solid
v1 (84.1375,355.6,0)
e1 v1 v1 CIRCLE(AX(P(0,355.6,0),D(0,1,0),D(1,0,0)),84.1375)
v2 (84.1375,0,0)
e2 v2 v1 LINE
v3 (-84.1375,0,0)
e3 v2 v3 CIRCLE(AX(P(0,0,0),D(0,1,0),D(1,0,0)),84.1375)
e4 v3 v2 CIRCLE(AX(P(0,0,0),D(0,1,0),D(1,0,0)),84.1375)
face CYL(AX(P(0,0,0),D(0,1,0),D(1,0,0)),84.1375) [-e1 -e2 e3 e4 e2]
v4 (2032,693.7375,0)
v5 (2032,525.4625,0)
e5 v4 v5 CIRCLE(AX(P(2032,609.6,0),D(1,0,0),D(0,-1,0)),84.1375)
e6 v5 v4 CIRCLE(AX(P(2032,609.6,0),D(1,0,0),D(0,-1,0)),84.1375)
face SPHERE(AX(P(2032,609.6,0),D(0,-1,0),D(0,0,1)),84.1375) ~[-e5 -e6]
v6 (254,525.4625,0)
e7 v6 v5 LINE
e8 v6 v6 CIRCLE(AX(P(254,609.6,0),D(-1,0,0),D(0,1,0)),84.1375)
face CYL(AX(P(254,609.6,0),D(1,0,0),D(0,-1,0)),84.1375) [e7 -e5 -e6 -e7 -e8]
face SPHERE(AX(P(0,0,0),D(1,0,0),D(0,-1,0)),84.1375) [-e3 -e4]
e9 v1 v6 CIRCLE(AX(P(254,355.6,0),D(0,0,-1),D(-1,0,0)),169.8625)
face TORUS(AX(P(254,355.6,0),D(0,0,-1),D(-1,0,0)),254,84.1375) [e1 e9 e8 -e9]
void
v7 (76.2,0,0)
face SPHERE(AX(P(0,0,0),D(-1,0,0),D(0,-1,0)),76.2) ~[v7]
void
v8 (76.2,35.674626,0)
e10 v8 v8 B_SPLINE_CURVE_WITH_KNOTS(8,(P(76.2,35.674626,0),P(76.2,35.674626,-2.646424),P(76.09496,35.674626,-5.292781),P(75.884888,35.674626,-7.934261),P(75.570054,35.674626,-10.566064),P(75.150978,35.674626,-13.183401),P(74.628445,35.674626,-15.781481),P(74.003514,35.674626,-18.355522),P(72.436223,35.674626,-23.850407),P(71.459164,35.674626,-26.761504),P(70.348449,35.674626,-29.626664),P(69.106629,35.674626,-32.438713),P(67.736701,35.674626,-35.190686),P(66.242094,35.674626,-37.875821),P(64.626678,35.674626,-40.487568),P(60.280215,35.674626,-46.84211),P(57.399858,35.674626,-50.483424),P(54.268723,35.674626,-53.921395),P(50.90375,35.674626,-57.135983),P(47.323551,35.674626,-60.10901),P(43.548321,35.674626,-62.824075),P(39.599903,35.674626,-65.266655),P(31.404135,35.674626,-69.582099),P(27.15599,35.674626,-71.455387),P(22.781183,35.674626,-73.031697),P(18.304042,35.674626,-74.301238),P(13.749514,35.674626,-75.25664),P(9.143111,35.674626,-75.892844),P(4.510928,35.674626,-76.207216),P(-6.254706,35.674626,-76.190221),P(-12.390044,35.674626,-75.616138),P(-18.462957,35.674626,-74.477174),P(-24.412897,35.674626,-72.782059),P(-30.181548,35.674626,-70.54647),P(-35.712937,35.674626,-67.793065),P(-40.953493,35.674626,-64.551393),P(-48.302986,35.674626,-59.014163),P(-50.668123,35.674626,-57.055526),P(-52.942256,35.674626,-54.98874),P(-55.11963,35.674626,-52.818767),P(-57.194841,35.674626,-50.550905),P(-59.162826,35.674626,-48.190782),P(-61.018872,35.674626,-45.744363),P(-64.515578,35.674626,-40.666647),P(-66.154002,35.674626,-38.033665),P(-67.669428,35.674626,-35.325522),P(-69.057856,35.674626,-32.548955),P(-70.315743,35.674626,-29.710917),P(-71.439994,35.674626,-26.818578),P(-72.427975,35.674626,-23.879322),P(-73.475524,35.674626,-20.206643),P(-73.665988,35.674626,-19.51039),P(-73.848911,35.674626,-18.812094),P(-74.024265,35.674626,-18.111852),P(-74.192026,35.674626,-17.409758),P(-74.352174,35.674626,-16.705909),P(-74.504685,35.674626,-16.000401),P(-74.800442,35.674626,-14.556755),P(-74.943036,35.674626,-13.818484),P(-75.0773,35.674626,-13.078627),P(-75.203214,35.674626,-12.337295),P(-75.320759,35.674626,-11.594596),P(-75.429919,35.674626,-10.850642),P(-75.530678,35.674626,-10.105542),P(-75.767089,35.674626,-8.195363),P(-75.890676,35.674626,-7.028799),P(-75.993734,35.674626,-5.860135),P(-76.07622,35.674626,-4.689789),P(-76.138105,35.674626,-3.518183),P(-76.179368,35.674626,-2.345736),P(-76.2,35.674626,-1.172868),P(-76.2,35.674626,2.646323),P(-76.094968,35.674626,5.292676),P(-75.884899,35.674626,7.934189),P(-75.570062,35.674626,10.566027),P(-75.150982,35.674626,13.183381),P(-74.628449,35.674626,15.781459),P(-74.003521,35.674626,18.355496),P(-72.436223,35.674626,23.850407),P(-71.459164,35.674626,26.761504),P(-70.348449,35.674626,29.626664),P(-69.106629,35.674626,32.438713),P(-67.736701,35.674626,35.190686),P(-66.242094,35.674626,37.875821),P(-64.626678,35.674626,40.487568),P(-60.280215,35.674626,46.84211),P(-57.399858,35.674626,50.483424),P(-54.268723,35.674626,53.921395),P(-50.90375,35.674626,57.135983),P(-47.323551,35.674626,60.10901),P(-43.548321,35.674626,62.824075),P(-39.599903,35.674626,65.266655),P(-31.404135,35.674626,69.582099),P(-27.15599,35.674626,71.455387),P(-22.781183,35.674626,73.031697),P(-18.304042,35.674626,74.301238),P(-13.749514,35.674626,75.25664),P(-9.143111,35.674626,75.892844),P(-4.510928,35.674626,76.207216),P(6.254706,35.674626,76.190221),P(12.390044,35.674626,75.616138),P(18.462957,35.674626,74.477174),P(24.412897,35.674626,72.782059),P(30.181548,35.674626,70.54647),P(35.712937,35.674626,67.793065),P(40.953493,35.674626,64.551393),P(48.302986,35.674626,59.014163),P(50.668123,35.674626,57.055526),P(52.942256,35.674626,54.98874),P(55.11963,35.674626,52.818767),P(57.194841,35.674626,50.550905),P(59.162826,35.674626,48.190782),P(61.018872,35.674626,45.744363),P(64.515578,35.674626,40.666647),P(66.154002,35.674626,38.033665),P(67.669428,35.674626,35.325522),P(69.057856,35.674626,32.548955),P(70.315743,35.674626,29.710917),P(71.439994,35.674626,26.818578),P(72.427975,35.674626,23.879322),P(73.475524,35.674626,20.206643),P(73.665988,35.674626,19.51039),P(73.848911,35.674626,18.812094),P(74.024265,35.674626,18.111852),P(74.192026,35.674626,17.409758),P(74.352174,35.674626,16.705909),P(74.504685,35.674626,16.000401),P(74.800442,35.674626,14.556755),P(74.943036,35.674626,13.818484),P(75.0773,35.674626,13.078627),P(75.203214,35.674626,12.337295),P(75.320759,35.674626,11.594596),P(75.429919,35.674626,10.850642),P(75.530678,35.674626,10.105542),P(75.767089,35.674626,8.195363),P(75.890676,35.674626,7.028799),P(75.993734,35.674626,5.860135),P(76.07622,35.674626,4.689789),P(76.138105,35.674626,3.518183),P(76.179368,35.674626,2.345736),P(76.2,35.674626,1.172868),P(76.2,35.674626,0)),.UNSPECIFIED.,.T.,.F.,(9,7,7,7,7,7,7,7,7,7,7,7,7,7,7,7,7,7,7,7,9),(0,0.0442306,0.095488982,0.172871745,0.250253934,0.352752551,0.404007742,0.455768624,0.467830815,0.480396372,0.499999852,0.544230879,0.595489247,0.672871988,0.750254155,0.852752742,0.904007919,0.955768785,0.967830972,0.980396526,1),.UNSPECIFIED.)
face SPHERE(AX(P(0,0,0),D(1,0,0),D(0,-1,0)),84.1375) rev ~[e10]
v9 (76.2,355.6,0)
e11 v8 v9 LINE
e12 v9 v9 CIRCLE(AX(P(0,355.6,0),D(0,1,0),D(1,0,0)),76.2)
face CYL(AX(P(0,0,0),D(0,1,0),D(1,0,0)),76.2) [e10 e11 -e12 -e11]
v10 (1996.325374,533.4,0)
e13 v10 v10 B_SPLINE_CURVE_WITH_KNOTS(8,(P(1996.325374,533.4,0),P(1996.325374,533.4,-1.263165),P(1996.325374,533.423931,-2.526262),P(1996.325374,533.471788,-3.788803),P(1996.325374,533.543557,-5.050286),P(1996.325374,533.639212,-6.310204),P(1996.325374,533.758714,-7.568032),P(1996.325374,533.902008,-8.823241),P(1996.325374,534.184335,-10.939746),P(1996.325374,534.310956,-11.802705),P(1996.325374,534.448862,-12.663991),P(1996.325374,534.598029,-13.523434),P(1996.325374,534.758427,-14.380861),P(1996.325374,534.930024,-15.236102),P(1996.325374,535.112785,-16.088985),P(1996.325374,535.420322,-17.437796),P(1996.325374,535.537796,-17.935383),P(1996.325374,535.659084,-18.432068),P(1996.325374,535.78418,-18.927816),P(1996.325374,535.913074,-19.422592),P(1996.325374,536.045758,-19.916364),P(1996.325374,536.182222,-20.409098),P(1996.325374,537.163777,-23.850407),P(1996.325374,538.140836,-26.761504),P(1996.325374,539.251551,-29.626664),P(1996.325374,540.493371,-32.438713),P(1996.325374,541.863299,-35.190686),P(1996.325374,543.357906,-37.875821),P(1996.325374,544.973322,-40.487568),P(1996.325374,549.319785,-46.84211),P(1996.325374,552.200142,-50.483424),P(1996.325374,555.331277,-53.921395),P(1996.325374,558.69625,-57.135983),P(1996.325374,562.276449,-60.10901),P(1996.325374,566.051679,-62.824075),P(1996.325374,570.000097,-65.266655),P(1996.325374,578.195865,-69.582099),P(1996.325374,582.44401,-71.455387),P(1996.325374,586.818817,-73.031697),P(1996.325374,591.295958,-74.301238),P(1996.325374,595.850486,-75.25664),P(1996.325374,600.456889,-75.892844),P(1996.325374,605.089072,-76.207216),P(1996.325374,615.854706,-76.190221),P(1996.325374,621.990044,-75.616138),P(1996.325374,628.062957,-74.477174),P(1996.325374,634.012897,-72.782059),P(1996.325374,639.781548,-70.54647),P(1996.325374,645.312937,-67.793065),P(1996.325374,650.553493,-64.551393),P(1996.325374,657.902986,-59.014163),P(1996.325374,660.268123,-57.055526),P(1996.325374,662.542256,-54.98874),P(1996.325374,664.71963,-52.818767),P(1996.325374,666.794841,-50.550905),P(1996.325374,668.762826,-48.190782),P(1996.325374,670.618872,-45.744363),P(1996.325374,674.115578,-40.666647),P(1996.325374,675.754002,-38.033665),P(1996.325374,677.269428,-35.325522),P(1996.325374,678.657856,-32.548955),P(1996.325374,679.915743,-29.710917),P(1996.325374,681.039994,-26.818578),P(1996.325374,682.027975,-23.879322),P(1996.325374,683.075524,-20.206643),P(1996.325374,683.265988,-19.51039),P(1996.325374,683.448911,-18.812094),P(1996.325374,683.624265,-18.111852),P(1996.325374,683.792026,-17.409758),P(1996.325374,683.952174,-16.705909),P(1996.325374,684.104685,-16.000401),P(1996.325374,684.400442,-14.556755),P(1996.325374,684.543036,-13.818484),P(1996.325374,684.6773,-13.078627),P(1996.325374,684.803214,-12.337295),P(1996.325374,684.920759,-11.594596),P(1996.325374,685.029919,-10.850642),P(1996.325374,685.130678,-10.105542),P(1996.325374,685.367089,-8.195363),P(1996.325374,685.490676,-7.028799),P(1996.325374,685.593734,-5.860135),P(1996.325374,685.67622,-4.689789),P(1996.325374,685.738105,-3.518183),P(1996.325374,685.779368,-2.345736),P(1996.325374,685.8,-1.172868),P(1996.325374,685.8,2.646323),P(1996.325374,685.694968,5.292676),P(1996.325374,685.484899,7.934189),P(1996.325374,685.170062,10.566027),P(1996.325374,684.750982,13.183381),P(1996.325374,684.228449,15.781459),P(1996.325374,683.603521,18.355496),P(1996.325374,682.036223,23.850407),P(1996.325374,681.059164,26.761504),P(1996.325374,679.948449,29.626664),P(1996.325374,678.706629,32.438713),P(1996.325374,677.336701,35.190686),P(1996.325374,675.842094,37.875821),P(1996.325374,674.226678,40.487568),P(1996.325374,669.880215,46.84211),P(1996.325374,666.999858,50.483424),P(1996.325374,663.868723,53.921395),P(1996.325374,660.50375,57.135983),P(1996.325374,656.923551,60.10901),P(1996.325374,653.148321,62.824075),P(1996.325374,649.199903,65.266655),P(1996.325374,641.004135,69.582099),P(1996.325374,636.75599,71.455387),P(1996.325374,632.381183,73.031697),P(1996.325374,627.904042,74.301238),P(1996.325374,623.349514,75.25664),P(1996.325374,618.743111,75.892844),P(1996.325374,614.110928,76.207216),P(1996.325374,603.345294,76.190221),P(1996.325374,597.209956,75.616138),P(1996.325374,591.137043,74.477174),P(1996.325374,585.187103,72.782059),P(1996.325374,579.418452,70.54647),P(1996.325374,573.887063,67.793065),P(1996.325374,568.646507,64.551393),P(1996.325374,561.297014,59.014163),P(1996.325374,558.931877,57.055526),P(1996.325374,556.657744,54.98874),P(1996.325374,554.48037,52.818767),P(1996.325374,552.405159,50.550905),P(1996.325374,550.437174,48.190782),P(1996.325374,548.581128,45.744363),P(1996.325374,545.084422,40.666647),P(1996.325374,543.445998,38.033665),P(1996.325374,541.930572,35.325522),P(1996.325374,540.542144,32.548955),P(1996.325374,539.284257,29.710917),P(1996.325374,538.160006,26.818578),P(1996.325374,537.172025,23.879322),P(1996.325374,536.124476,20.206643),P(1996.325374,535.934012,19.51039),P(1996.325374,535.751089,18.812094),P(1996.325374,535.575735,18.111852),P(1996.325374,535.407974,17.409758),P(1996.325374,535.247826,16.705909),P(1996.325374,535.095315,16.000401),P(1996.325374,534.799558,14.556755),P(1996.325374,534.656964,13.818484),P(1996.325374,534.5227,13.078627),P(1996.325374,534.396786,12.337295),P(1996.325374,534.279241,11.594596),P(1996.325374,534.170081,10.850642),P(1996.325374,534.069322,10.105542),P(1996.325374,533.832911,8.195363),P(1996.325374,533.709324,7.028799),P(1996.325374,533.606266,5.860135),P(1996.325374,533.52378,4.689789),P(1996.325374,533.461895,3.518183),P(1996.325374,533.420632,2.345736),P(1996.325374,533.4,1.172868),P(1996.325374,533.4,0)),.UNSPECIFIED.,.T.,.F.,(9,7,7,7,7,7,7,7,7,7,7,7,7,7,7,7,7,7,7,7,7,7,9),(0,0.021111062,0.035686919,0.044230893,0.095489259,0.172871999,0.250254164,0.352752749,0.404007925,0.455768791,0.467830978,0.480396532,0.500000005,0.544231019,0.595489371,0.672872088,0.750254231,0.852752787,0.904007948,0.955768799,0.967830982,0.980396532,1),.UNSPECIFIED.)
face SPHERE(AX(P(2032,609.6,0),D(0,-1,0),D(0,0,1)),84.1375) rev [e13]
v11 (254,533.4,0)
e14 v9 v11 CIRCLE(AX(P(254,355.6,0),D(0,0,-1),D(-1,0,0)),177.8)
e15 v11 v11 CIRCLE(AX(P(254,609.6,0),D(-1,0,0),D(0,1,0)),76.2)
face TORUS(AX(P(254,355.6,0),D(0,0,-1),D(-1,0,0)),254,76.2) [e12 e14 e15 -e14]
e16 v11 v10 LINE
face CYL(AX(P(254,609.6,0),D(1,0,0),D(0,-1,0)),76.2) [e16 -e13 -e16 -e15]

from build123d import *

# Parameters (mm, degrees)
F1_R   = 84.1375
F1_R_2 = 76.2


with BuildPart() as f2:
    # F2: sweep along a path in F0
    with BuildLine(Plane.XY) as f2_path:
        Line((0, 0), (0, 355.6))
        ThreePointArc((0, 355.6), (74.3948775786, 535.2051224214), (254, 609.6))
        Line((254, 609.6), (2032, 609.6))
    # F1 (on Front) → F2 (sweep)
    with BuildSketch(Plane.XZ):
        Circle(F1_R)
        Circle(F1_R_2, mode=Mode.SUBTRACT)
    sweep(path=f2_path.line)

    # F3 (on Top) → F4 (revolve)
    with BuildSketch(Plane.XY):
        with BuildLine():
            Line((-76.2, 0), (-84.1375, 0))
            ThreePointArc((-84.1375, 0), (0, -84.1375), (84.1375, 0))
            Line((84.1375, 0), (76.2, 0))
            ThreePointArc((76.2, 0), (0, -76.2), (-76.2, 0))
        make_face()
    revolve(axis=Axis((0, 0, 0), (1, 0, 0)))

    # F5 (on face) → F6 (revolve)
    with BuildSketch(Plane.YZ.offset(2032)):
        with BuildLine():
            Line((533.4, 0), (609.6, 0))
            Line((609.6, 0), (685.8, 0))
            ThreePointArc((685.8, 0), (609.6, 76.2), (533.4, 0))
        make_face()
        with BuildLine():
            Line((525.4625, 0), (533.4, 0))
            ThreePointArc((533.4, 0), (609.6, 76.2), (685.8, 0))
            Line((685.8, 0), (693.7375, 0))
            ThreePointArc((693.7375, 0), (609.6, 84.1375), (525.4625, 0))
        make_face()
    revolve(axis=Axis((2032, 625.8413642645, 0), (0, 1, 0)))


solid = f2.part
